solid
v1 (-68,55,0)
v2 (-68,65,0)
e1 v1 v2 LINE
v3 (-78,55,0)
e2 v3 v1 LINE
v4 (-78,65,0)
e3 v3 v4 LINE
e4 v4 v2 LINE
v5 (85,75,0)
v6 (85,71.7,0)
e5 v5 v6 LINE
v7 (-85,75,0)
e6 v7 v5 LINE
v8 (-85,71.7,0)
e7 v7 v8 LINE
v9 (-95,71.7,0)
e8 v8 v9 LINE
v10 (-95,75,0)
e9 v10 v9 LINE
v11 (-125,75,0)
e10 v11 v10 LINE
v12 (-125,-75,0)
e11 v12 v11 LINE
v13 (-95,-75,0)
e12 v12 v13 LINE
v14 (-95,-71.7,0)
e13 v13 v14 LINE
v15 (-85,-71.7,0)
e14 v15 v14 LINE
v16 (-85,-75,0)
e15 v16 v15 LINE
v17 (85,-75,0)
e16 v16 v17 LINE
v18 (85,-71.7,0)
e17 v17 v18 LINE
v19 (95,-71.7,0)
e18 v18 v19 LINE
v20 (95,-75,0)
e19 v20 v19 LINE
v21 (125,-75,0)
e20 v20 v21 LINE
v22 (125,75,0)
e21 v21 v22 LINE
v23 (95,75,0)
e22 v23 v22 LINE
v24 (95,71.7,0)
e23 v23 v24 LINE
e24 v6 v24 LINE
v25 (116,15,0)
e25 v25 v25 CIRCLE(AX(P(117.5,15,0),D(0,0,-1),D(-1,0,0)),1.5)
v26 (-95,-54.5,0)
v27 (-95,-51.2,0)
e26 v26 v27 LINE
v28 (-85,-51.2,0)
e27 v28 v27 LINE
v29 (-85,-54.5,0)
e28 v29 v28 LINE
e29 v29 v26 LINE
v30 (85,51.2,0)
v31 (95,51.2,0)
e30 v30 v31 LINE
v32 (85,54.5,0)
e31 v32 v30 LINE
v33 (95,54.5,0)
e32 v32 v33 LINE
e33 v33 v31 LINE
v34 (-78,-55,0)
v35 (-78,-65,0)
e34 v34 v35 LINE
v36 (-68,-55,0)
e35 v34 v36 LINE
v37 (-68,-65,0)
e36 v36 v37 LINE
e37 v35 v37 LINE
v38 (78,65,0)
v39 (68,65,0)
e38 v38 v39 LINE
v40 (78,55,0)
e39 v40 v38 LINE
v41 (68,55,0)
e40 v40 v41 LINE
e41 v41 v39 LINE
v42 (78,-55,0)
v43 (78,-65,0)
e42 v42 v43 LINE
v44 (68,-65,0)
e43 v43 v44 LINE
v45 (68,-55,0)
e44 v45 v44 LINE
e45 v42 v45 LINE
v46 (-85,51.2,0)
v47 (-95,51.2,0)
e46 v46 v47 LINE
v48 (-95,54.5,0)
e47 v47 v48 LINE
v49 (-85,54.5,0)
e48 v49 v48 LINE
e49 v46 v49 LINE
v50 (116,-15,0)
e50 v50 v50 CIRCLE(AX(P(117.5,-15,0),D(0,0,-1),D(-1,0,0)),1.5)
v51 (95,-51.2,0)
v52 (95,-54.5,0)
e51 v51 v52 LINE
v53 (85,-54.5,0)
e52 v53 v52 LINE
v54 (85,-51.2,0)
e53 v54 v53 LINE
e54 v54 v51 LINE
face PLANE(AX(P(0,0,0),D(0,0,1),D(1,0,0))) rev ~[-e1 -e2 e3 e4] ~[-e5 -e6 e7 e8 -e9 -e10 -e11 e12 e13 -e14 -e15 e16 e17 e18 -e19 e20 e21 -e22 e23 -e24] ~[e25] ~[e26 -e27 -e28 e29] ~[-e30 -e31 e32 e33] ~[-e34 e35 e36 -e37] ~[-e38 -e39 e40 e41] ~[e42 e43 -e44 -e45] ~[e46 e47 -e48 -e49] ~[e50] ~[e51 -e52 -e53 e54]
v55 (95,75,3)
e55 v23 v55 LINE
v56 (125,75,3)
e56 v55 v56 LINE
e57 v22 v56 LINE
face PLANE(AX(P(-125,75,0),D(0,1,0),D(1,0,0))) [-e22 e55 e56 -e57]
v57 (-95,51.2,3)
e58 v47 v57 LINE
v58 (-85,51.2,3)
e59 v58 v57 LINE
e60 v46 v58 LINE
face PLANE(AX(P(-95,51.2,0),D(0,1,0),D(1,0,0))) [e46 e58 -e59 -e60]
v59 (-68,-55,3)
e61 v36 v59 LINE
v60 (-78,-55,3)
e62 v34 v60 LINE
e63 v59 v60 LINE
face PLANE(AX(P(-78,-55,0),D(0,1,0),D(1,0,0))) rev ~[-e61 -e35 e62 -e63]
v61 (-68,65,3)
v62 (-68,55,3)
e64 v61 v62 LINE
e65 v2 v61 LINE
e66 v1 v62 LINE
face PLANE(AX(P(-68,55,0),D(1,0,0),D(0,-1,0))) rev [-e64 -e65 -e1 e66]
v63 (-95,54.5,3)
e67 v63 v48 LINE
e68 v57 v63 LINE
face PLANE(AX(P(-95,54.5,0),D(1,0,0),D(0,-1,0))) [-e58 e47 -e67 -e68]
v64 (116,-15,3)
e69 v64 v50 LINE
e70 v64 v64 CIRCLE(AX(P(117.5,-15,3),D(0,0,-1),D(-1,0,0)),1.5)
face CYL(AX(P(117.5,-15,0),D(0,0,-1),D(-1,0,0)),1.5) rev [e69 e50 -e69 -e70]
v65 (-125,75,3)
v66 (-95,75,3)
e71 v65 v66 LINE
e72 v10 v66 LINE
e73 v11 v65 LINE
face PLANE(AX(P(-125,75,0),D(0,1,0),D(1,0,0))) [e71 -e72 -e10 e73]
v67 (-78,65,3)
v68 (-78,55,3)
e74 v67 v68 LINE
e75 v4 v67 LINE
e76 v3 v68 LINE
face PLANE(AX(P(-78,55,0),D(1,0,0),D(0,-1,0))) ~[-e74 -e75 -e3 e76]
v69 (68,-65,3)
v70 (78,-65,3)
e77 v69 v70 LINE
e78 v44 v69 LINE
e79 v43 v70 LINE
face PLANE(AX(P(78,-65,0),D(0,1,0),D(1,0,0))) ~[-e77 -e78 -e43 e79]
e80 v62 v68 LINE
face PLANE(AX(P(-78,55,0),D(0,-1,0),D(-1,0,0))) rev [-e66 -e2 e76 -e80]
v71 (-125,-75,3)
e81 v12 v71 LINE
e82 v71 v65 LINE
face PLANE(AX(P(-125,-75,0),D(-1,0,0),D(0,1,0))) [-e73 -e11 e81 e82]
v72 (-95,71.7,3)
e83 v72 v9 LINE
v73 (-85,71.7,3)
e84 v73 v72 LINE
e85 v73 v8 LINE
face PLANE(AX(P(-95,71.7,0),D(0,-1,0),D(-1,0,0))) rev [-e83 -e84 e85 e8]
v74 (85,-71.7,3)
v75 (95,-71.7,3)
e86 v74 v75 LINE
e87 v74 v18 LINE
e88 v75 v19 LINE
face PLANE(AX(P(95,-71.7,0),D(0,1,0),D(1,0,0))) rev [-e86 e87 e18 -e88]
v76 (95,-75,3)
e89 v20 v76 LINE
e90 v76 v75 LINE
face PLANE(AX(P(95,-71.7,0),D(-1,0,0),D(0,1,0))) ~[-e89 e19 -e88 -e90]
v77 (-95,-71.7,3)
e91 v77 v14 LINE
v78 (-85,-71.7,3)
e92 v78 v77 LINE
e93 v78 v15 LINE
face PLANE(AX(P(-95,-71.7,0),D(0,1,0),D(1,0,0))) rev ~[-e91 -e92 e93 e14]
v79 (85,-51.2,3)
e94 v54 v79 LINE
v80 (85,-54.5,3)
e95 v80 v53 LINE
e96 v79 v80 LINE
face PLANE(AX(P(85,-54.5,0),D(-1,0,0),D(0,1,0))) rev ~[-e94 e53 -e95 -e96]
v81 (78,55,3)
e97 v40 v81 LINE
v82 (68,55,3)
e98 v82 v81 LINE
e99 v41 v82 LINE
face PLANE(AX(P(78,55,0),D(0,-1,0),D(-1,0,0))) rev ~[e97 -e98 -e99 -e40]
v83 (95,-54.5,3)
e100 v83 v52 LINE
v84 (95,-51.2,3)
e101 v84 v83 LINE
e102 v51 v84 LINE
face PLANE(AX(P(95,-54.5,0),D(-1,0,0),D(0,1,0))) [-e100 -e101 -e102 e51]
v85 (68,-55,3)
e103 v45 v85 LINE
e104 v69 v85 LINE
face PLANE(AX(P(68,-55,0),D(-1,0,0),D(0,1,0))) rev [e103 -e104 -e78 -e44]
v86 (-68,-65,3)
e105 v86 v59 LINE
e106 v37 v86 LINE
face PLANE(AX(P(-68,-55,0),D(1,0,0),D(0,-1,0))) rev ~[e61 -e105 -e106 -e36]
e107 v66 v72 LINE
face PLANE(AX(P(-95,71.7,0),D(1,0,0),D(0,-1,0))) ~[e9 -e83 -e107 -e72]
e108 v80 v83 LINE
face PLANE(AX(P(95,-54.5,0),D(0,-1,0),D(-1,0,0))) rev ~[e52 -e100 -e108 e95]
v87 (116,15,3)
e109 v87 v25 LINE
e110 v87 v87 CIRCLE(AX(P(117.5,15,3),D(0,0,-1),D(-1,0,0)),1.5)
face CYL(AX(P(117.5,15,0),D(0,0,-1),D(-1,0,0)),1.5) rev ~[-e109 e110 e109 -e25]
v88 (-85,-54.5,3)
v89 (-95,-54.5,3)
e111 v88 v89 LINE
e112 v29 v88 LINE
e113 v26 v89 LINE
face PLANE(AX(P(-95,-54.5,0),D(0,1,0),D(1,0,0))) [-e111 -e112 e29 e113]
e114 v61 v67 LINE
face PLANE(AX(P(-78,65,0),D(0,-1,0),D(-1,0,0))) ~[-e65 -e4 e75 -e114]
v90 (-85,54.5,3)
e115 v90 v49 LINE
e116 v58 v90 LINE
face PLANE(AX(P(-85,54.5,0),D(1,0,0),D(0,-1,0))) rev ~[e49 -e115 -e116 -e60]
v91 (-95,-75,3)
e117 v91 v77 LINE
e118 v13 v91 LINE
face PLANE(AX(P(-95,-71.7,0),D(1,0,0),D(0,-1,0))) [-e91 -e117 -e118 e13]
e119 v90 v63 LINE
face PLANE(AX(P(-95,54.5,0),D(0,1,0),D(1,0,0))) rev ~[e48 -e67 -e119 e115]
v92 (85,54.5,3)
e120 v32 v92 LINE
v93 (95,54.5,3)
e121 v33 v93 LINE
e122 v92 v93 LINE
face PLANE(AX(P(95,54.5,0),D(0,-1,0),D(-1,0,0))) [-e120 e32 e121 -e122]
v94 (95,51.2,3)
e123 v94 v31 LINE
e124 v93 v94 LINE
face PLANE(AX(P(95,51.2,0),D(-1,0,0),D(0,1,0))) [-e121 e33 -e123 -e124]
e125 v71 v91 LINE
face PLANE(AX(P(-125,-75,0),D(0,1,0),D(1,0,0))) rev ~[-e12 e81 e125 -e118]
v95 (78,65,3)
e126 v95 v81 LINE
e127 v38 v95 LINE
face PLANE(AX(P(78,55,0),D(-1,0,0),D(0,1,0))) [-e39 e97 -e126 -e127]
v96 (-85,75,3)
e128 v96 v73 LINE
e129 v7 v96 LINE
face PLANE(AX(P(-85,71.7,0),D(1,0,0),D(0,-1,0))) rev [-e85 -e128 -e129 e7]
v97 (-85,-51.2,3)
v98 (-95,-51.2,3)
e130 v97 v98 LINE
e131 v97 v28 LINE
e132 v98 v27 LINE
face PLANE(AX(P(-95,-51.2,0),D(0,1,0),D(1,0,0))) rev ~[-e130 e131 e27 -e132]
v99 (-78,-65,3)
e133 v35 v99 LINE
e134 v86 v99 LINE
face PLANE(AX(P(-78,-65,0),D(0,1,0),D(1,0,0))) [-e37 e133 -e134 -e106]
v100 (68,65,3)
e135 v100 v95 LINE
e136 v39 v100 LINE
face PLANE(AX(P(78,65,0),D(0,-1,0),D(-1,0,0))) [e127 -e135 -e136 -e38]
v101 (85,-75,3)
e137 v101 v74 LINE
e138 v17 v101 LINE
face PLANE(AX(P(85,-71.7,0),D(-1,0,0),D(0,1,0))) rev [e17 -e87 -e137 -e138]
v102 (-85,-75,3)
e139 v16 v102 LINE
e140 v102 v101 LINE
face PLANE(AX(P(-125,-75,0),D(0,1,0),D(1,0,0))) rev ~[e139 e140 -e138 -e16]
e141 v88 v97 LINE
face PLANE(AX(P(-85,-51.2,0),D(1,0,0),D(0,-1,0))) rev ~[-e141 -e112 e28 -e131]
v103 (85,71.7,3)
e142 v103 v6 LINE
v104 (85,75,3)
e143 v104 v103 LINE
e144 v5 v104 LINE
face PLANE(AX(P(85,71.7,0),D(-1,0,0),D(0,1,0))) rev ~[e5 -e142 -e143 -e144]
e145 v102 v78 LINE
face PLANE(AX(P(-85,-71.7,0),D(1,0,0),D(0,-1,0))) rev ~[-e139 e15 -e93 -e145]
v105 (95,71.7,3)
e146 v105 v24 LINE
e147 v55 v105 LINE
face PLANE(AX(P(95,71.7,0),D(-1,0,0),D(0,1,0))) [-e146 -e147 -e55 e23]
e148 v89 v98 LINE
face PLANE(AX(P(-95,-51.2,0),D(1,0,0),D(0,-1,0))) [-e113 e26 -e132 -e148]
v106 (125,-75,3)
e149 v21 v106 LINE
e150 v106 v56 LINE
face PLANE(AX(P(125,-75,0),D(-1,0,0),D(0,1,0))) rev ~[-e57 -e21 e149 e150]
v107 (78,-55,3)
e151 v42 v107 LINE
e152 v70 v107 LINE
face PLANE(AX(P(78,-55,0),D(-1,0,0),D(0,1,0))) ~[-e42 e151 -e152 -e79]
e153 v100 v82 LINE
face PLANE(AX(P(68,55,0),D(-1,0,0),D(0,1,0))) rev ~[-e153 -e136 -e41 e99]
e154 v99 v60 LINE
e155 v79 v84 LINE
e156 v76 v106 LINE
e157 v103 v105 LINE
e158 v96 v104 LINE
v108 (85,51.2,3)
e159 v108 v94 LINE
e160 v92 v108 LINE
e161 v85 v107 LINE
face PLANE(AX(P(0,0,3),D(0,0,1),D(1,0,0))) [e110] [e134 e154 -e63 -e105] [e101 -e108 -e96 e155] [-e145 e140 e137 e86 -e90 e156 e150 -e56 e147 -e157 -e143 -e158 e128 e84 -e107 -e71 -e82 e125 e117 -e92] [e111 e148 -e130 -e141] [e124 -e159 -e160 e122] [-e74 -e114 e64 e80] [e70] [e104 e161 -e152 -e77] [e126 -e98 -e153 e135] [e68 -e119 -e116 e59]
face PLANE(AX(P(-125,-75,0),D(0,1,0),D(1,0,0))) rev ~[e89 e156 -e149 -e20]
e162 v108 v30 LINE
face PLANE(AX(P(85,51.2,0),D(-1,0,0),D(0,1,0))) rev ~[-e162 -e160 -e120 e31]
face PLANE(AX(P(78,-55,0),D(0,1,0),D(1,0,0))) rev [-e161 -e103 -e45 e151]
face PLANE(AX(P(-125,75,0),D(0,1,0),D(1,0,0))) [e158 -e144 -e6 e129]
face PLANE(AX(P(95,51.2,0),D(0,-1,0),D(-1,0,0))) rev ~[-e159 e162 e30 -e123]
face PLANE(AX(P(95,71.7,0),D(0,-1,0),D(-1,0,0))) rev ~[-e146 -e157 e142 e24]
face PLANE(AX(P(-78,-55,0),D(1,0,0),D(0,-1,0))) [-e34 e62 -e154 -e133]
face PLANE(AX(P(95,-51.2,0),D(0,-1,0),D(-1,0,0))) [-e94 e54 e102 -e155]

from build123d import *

# Parameters (mm, degrees)
SKETCH2_W               = 250
SKETCH2_H               = 150
BOSS_EXTRUDE1_DEPTH     = 3
SKETCH3_W               = 10
SKETCH3_H               = 3.3
CUT_EXTRUDE1_DEPTH      = 146.804663849
LPATTERN1_COUNT         = 2
LPATTERN1_PITCH         = 20.5
SKETCH4_W               = 10
SKETCH4_H               = 10
CUT_EXTRUDE2_DEPTH      = 146.804663849
MIRROR1_COPY_1_SKETCH_W = 10
MIRROR1_COPY_1_SKETCH_H = 3.3
MIRROR1_COPY_1_DEPTH    = 146.804663849
MIRROR2_COPY_1_SKETCH_W = 10
MIRROR2_COPY_1_SKETCH_H = 3.3
MIRROR2_COPY_1_DEPTH    = 146.804663849
MIRROR2_COPY_2_SKETCH_W = 10
MIRROR2_COPY_2_SKETCH_H = 3.3
MIRROR2_COPY_2_DEPTH    = 146.804663849
MIRROR2_COPY_3_SKETCH_W = 10
MIRROR2_COPY_3_SKETCH_H = 10
MIRROR2_COPY_3_DEPTH    = 146.804663849
MIRROR2_COPY_4_SKETCH_W = 10
MIRROR2_COPY_4_SKETCH_H = 3.3
MIRROR2_COPY_4_DEPTH    = 146.804663849
SKETCH6_R               = 1.5
CUT_EXTRUDE4_DEPTH      = 146.804663849


with BuildPart() as part:
    # Sketch2 → Boss-Extrude1 (new body)
    with BuildSketch(Plane.XY):
        Rectangle(SKETCH2_W, SKETCH2_H)
    extrude(amount=BOSS_EXTRUDE1_DEPTH)

    # Sketch3 → Cut-Extrude1 (cut, symmetric)
    with BuildSketch(Plane(origin=(0, 0, 0), x_dir=(-1, 0, 0), z_dir=(0, 0, -1))):
        with Locations((-90, 73.35)):
            Rectangle(SKETCH3_W, SKETCH3_H)
    cut_extrude1 = extrude(amount=CUT_EXTRUDE1_DEPTH, both=True, mode=Mode.SUBTRACT)

    # LPattern1: Cut-Extrude1 ×2
    with Locations(*[(0, -i * LPATTERN1_PITCH, 0) for i in range(1, LPATTERN1_COUNT)]):
        add(cut_extrude1, mode=Mode.SUBTRACT)

    # Sketch4 → Cut-Extrude2 (cut, through all)
    with BuildSketch(Plane(origin=(0, 0, 0), x_dir=(-1, 0, 0), z_dir=(0, 0, -1))):
        with Locations((-73, 60)):
            Rectangle(SKETCH4_W, SKETCH4_H)
    cut_extrude2 = extrude(amount=-CUT_EXTRUDE2_DEPTH, mode=Mode.SUBTRACT)

    # Mirror1: Cut-Extrude1, Cut-Extrude2 across plane
    add(cut_extrude1.mirror(Plane.ZX), mode=Mode.SUBTRACT)
    add(cut_extrude2.mirror(Plane.ZX), mode=Mode.SUBTRACT)

    # Mirror1 copy 1 sketch → Mirror1 copy 1 (cut, symmetric)
    with BuildSketch(Plane(origin=(0, 20.5, 0), x_dir=(-1, 0, 0), z_dir=(0, 0, -1))):
        with Locations((-90, -73.35)):
            Rectangle(MIRROR1_COPY_1_SKETCH_W, MIRROR1_COPY_1_SKETCH_H)
    extrude(amount=MIRROR1_COPY_1_DEPTH, both=True, mode=Mode.SUBTRACT)

    # Mirror2: Cut-Extrude1, Cut-Extrude2 across plane
    add(cut_extrude1.mirror(Plane(origin=(0, 0, 0), x_dir=(0, 0, 1), z_dir=(1, 0, 0))), mode=Mode.SUBTRACT)
    add(cut_extrude2.mirror(Plane(origin=(0, 0, 0), x_dir=(0, 0, 1), z_dir=(1, 0, 0))), mode=Mode.SUBTRACT)

    # Mirror2 copy 1 sketch → Mirror2 copy 1 (cut, symmetric)
    with BuildSketch(Plane(origin=(0, -20.5, 0), x_dir=(1, 0, 0), z_dir=(0, 0, -1))):
        with Locations((-90, -73.35)):
            Rectangle(MIRROR2_COPY_1_SKETCH_W, MIRROR2_COPY_1_SKETCH_H)
    extrude(amount=MIRROR2_COPY_1_DEPTH, both=True, mode=Mode.SUBTRACT)

    # Mirror2 copy 2 sketch → Mirror2 copy 2 (cut, symmetric)
    with BuildSketch(Plane(origin=(0, 0, 0), x_dir=(1, 0, 0), z_dir=(0, 0, -1))):
        with Locations((-90, 73.35)):
            Rectangle(MIRROR2_COPY_2_SKETCH_W, MIRROR2_COPY_2_SKETCH_H)
    extrude(amount=MIRROR2_COPY_2_DEPTH, both=True, mode=Mode.SUBTRACT)

    # Mirror2 copy 3 sketch → Mirror2 copy 3 (cut, through all)
    with BuildSketch(Plane(origin=(0, 0, 0), x_dir=(1, 0, 0), z_dir=(0, 0, -1))):
        with Locations((-73, 60)):
            Rectangle(MIRROR2_COPY_3_SKETCH_W, MIRROR2_COPY_3_SKETCH_H)
    extrude(amount=-MIRROR2_COPY_3_DEPTH, mode=Mode.SUBTRACT)

    # Mirror2 copy 4 sketch → Mirror2 copy 4 (cut, symmetric)
    with BuildSketch(Plane(origin=(0, 20.5, 0), x_dir=(1, 0, 0), z_dir=(0, 0, -1))):
        with Locations((-90, 73.35)):
            Rectangle(MIRROR2_COPY_4_SKETCH_W, MIRROR2_COPY_4_SKETCH_H)
    extrude(amount=MIRROR2_COPY_4_DEPTH, both=True, mode=Mode.SUBTRACT)

    # Sketch6 → Cut-Extrude4 (cut, symmetric)
    with BuildSketch(Plane(origin=(0, 0, 0), x_dir=(-1, 0, 0), z_dir=(0, 0, -1))):
        with Locations((-117.5, 15)):
            Circle(SKETCH6_R)
    cut_extrude4 = extrude(amount=CUT_EXTRUDE4_DEPTH, both=True, mode=Mode.SUBTRACT)

    # Mirror3: Cut-Extrude4 across plane
    add(cut_extrude4.mirror(Plane.ZX), mode=Mode.SUBTRACT)


solid = part.part
